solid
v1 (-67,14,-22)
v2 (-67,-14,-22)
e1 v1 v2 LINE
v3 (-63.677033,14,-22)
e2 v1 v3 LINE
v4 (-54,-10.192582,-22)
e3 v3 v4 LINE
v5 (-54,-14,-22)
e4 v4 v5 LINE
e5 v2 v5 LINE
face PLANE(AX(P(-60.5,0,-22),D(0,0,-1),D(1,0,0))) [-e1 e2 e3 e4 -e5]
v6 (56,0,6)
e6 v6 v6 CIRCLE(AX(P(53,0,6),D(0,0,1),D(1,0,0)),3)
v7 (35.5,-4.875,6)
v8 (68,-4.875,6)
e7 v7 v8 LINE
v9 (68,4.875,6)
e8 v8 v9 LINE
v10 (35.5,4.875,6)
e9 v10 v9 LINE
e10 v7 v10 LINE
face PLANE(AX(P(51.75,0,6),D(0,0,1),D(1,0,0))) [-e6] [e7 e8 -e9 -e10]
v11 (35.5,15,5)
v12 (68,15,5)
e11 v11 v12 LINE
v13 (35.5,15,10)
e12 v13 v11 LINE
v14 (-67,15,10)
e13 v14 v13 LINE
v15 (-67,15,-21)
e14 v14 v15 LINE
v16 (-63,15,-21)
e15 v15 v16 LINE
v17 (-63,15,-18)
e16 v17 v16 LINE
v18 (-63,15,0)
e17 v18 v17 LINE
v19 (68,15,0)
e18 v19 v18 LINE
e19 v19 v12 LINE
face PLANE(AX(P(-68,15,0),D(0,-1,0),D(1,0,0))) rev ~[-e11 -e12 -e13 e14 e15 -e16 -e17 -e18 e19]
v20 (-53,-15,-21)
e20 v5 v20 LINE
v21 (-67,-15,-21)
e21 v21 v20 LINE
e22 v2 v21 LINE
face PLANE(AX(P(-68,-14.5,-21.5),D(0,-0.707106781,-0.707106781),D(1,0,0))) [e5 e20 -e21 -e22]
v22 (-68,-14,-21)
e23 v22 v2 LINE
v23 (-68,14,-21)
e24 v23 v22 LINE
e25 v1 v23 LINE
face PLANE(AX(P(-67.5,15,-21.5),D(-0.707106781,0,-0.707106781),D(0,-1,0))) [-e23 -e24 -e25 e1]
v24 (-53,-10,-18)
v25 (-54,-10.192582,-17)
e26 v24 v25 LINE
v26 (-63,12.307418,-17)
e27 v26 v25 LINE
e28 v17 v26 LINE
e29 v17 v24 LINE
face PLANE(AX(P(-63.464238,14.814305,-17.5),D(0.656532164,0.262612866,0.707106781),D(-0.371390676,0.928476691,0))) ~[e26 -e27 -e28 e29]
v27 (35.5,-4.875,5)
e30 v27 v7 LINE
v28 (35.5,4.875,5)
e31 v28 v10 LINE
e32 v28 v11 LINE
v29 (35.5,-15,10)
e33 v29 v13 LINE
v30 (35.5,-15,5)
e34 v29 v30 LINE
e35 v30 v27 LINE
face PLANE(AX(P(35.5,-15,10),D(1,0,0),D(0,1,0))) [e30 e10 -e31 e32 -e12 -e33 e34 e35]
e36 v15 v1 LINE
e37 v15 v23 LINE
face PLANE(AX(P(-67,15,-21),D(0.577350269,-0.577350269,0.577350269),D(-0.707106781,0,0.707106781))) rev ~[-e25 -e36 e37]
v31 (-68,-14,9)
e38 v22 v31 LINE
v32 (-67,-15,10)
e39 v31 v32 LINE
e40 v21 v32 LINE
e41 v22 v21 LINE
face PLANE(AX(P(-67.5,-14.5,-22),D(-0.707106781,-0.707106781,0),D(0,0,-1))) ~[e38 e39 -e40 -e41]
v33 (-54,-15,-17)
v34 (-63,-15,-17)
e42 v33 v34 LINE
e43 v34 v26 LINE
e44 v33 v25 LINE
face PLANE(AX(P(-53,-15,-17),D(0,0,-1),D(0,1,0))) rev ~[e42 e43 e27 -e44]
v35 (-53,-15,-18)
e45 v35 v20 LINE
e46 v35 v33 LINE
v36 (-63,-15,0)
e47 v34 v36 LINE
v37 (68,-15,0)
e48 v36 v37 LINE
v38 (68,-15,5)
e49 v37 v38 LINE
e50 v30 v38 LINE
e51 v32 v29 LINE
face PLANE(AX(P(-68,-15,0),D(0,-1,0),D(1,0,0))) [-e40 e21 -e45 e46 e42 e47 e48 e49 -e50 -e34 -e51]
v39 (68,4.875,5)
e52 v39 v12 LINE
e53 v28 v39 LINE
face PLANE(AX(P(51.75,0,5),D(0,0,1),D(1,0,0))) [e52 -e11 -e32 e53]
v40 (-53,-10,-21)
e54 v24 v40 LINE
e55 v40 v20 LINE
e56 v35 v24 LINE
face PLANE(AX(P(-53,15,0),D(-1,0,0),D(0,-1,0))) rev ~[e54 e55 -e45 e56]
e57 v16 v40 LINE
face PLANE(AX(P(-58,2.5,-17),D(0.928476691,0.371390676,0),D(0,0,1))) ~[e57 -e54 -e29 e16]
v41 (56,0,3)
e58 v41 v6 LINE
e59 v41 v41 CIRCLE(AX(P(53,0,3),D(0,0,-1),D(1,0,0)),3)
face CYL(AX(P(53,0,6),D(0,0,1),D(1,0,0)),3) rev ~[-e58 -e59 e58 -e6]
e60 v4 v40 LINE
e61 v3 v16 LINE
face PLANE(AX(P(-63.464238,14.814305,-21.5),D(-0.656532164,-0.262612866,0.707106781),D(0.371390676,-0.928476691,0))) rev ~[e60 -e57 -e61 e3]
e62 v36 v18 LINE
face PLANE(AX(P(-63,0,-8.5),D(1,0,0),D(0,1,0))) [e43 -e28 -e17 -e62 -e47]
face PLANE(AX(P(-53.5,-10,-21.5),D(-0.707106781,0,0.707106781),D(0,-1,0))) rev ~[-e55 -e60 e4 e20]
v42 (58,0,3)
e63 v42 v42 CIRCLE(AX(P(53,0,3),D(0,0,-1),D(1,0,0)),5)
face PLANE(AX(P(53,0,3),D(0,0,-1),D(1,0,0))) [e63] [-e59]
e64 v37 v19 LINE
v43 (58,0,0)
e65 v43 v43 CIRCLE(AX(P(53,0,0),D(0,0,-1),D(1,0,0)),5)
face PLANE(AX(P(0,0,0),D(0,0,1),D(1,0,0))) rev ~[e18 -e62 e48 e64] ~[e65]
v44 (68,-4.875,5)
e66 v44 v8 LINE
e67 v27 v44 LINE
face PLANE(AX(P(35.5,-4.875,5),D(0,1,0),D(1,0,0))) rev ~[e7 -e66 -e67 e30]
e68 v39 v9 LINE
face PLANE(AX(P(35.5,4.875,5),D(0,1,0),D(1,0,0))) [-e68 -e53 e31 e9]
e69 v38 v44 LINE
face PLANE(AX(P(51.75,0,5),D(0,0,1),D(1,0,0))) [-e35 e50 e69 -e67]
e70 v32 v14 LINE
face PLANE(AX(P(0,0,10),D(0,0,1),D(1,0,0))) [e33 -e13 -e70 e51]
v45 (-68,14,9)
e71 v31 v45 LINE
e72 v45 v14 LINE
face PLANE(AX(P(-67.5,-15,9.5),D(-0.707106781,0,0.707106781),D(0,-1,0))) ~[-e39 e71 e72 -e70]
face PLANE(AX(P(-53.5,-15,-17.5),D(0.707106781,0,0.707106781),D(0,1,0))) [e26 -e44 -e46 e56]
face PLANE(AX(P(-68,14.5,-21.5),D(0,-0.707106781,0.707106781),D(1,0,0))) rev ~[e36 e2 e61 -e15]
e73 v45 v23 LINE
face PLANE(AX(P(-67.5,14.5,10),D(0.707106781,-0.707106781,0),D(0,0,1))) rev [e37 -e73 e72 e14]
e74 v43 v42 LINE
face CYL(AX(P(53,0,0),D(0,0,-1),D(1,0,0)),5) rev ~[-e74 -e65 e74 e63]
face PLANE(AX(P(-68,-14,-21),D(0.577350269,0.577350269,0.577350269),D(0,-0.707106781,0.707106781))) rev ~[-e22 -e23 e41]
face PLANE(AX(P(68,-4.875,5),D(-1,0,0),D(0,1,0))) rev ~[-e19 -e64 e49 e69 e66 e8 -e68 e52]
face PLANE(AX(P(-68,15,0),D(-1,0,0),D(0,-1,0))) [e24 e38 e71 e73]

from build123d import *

# Parameters (mm, degrees)
SKETCH033_W     = 136
SKETCH033_H     = 30
PAD012_DEPTH    = 10
SKETCH032_W     = 15
SKETCH032_H     = 30
PAD011_DEPTH    = 22
SKETCH030_W     = 30
SKETCH030_H     = 17
POCKET020_DEPTH = 10
SKETCH031_R     = 3
POCKET021_DEPTH = 10.001
SKETCH034_W     = 32.5
SKETCH034_H     = 30
POCKET022_DEPTH = 5
SKETCH040_R     = 5
POCKET028_DEPTH = 3
CHAMFER_SIZE2   = 25
CHAMFER_SIZE    = 10
CHAMFER010_SIZE = 1
SKETCH080_W     = 32.5
SKETCH080_H     = 9.75
PAD031_DEPTH    = 1
SKETCH084_R     = 3
POCKET051_DEPTH = 5


with BuildPart() as part:
    # Sketch033 → Pad012 (new body)
    with BuildSketch(Plane.XY):
        Rectangle(SKETCH033_W, SKETCH033_H)
    extrude(amount=PAD012_DEPTH)

    # Sketch032 (on Face5 of Pad012) → Pad011 (join)
    with BuildSketch(Plane(origin=(0, 0, 0), x_dir=(1, 0, 0), z_dir=(0, 0, -1))):
        with Locations((-60.5, 0)):
            Rectangle(SKETCH032_W, SKETCH032_H)
    extrude(amount=PAD011_DEPTH)

    # Sketch030 (on Face9 of Pad011) → Pocket020 (cut)
    with BuildSketch(Plane.YZ.offset(-53)):
        with Locations((0, -8.5)):
            Rectangle(SKETCH030_W, SKETCH030_H)
    extrude(amount=-POCKET020_DEPTH, mode=Mode.SUBTRACT)

    # Sketch031 (on Face5 of Pocket020) → Pocket021 (cut, through all)
    with BuildSketch(Plane(origin=(0, 0, 0), x_dir=(1, 0, 0), z_dir=(0, 0, -1))):
        with Locations((53, 0)):
            Circle(SKETCH031_R)
    extrude(amount=-POCKET021_DEPTH, mode=Mode.SUBTRACT)

    # Sketch034 → Pocket022 (cut)
    with BuildSketch(Plane.XY.offset(10)):
        with Locations((51.75, 0)):
            Rectangle(SKETCH034_W, SKETCH034_H)
    extrude(amount=-POCKET022_DEPTH, mode=Mode.SUBTRACT)

    # Sketch040 (on Face4 of Pocket022) → Pocket028 (cut)
    with BuildSketch(Plane(origin=(0, 0, 0), x_dir=(1, 0, 0), z_dir=(0, 0, -1))):
        with Locations((53, 0)):
            Circle(SKETCH040_R)
    extrude(amount=-POCKET028_DEPTH, mode=Mode.SUBTRACT)

    # Chamfer
    chamfer_edges = [part.edges().sort_by_distance(p)[0] for p in [
        (-53, 15, -19.5),
    ]]
    chamfer_side = part.faces().sort_by_distance((-63.15625, 15, -13.65625))[0]
    chamfer(chamfer_edges, length=CHAMFER_SIZE, length2=CHAMFER_SIZE2, reference=chamfer_side)

    # Chamfer010
    chamfer010_edges = [part.edges().sort_by_distance(p)[0] for p in [
        (-58, 2.5, -22),
        (-58, 2.5, -17),
        (-53, -12.5, -22),
        (-53, -12.5, -17),
        (-60.5, -15, -22),
        (-68, 0, -22),
        (-65.5, 15, -22),
        (-68, -15, -11),
        (-68, -15, 5),
        (-68, 0, 10),
        (-68, 15, 5),
        (-68, 15, -11),
    ]]
    chamfer(chamfer010_edges, length=CHAMFER010_SIZE)

    # Sketch080 (on Face21 of Chamfer010) → Pad031 (join)
    with BuildSketch(Plane.XY.offset(5)):
        with Locations((51.75, 0)):
            Rectangle(SKETCH080_W, SKETCH080_H)
    extrude(amount=PAD031_DEPTH)

    # Sketch084 (on Face33 of Pad031) → Pocket051 (cut)
    with BuildSketch(Plane.XY.offset(6)):
        with Locations((53, 0)):
            Circle(SKETCH084_R)
    extrude(amount=-POCKET051_DEPTH, mode=Mode.SUBTRACT)


solid = part.part
